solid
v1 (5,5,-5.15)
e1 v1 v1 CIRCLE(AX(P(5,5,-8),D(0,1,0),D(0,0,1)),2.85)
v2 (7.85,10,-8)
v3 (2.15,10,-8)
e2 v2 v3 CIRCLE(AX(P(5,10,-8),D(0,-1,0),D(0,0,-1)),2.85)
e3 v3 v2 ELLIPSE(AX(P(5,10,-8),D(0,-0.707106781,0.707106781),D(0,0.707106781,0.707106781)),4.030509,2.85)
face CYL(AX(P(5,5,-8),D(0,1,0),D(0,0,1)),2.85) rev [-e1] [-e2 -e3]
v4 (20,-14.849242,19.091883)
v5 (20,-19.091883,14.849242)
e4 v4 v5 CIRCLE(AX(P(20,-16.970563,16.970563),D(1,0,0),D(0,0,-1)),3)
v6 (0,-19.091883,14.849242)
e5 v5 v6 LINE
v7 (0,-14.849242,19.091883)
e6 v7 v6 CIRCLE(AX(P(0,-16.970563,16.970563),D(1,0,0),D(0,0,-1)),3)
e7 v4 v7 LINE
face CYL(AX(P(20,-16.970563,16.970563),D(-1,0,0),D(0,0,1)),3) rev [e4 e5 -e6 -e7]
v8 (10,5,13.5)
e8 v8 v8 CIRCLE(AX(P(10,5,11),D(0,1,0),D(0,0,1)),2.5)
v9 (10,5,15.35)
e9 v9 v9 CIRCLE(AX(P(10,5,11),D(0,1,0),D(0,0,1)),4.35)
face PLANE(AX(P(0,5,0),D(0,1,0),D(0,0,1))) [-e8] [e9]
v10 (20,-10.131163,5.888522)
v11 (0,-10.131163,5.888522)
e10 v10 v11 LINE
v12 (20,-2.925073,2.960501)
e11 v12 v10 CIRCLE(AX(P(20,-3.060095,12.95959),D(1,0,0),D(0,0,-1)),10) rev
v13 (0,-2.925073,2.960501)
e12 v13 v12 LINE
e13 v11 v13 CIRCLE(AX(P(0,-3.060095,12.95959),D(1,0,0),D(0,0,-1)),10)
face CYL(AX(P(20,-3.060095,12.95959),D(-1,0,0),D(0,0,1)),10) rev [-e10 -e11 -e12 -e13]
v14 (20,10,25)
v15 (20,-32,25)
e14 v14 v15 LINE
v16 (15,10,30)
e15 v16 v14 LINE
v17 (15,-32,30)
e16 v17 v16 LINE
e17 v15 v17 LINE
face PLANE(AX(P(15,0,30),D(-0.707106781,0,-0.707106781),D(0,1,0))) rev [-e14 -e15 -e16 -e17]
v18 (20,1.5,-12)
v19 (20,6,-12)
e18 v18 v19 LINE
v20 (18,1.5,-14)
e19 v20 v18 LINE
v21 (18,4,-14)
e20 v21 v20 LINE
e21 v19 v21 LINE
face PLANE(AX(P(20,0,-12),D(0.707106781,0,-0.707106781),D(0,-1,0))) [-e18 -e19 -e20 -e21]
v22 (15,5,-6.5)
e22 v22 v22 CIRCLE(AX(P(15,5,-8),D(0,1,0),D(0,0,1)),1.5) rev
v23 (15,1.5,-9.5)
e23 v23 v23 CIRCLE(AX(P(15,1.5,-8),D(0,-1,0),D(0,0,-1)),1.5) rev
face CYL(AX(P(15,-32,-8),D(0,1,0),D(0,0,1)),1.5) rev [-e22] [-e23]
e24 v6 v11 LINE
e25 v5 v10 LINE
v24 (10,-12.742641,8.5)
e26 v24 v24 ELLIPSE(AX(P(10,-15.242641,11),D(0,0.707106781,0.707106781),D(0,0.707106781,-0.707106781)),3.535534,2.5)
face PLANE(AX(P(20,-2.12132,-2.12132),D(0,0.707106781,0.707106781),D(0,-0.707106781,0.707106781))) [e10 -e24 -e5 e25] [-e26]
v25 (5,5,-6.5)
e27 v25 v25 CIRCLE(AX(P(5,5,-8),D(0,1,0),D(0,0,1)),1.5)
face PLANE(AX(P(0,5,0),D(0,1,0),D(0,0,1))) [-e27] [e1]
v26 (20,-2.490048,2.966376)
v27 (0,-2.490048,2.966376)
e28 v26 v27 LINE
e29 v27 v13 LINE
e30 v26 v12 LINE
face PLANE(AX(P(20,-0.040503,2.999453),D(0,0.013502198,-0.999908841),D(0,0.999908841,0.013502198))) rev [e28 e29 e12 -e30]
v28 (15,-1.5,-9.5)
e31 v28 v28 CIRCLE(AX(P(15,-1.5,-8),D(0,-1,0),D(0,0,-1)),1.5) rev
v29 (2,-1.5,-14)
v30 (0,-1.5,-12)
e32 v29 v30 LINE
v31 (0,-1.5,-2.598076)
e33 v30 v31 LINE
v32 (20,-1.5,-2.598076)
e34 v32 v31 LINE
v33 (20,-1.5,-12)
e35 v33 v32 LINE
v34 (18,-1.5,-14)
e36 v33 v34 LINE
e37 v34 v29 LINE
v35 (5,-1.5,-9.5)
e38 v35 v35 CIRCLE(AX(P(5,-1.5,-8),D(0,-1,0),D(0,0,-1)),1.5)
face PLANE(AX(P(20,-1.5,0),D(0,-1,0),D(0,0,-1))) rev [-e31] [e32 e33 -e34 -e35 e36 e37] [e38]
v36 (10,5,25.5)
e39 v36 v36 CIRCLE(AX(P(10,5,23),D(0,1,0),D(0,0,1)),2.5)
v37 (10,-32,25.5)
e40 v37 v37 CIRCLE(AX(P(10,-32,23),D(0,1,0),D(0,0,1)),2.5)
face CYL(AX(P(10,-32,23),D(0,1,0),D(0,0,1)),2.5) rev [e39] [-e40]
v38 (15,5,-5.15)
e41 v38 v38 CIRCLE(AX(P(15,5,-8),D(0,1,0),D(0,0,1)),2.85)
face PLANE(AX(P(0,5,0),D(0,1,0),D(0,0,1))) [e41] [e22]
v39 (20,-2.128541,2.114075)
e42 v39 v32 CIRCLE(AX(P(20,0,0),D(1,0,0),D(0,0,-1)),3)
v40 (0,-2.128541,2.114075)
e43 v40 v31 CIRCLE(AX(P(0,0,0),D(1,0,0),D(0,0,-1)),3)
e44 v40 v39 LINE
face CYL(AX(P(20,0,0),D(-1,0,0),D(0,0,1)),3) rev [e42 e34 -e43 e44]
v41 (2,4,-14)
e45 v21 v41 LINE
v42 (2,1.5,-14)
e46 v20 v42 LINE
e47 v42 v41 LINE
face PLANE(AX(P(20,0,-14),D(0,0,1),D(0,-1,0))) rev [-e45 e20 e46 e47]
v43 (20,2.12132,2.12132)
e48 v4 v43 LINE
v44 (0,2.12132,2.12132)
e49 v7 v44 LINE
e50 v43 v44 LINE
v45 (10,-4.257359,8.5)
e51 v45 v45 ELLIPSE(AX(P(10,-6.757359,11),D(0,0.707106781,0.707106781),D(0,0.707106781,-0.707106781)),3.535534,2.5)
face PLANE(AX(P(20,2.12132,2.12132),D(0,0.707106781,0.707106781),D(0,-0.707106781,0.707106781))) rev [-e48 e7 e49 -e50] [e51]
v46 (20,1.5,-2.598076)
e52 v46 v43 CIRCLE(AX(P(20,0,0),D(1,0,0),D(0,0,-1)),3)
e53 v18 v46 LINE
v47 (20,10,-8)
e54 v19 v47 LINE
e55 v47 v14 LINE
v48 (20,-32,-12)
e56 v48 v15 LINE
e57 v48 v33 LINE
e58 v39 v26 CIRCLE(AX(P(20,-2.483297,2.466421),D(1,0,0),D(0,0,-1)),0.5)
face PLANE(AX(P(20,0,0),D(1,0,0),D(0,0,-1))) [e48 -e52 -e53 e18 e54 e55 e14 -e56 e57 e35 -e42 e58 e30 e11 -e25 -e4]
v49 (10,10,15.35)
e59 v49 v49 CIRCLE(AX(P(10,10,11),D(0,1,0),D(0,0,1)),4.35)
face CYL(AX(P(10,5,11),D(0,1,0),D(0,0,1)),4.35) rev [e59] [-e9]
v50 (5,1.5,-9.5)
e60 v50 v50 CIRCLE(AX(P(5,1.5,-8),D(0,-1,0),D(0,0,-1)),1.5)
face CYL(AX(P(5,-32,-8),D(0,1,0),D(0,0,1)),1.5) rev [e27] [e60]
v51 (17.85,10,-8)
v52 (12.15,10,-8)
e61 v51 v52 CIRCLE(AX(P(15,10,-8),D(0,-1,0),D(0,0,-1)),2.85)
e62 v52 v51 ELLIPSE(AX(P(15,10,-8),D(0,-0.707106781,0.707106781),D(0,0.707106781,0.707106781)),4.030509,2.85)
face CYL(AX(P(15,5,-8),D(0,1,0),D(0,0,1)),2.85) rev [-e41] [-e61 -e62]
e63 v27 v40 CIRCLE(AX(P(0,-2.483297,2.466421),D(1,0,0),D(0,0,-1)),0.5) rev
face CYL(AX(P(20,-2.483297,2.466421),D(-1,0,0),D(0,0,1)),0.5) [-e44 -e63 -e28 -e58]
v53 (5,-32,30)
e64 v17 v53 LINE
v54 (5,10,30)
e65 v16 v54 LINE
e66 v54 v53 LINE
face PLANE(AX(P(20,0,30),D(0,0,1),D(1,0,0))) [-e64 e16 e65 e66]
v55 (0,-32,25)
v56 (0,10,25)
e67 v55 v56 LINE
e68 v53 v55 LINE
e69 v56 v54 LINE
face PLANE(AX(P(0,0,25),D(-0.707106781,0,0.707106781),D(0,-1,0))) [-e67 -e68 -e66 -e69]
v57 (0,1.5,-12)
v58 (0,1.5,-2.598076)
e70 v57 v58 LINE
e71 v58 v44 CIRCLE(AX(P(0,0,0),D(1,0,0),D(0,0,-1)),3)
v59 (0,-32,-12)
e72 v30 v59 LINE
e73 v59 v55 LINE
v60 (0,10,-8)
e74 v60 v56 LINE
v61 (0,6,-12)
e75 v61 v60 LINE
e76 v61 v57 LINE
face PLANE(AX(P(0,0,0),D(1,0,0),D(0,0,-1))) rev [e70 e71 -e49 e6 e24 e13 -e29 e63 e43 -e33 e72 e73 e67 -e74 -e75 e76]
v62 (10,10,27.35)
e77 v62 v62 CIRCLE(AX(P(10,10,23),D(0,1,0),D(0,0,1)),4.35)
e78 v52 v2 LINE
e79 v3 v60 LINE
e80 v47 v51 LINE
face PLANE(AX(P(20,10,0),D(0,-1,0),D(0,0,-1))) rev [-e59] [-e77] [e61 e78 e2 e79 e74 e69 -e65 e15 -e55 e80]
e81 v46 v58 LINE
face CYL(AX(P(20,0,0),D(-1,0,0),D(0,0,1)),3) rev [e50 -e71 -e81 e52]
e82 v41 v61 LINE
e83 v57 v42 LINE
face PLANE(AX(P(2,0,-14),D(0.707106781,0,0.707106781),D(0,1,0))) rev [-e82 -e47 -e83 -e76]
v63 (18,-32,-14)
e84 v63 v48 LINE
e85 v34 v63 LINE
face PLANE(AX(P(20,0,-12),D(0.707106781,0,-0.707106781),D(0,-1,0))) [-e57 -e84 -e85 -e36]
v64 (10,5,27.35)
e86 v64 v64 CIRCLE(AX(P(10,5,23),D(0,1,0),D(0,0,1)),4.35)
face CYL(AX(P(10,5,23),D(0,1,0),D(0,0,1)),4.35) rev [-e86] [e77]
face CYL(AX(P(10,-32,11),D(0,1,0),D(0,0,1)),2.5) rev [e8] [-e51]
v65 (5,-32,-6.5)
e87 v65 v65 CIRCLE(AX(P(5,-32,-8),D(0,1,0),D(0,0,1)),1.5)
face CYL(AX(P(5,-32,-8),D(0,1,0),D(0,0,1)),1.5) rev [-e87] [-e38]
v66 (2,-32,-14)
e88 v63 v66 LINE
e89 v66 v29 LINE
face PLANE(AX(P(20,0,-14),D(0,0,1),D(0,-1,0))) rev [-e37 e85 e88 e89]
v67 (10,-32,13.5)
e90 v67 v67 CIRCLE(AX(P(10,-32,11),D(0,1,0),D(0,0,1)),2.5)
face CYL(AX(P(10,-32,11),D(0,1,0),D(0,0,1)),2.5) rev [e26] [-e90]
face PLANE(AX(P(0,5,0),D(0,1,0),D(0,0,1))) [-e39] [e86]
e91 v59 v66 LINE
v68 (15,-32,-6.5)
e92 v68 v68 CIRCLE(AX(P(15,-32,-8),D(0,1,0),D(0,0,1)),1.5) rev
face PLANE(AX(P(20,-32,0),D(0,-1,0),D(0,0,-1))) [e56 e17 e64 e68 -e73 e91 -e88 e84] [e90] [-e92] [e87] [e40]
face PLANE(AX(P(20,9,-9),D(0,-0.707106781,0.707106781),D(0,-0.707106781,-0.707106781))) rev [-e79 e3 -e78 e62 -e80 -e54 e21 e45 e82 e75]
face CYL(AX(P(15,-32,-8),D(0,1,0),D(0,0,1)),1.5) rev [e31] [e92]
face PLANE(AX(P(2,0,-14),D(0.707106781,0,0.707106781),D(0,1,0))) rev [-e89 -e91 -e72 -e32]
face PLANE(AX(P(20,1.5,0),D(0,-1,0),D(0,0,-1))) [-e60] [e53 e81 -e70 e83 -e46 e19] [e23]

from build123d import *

# Parameters (mm, degrees)
EXTRUDE_1_DEPTH     = 20
FILLET_1_R          = 10
FILLET_2_R          = 0.5
SKETCH_2_R          = 4.35
SKETCH_2_R_2        = 2.5
CUT_EXTRUDE_1_DEPTH = 5
SKETCH_2_3_R        = 2.85
SKETCH_2_3_R_2      = 1.5
CUT_EXTRUDE_2_DEPTH = 5
SKETCH_2_4_R        = 2.5
SKETCH_2_4_R_2      = 1.5
CUT_EXTRUDE_3_DEPTH = 56.353410012
CHAMFER_1_SIZE      = 5
CHAMFER_2_SIZE      = 2


with BuildPart() as part:
    # 스케치1 → 보스-돌출1 (new body)
    with BuildSketch(Plane(origin=(0, 0, 0), x_dir=(0, 0, -1), z_dir=(1, 0, 0))):
        with BuildLine():
            ThreePointArc((-14.849242405, -19.091883092), (-19.091883092, -19.091883092), (-19.091883092, -14.849242405))
            Line((-19.091883092, -14.849242405), (-2.121320344, 2.121320344))
            ThreePointArc((-2.121320344, 2.121320344), (0.391578577, 2.974334584), (2.598076211, 1.5))
            Line((2.598076211, 1.5), (14, 1.5))
            Line((14, 1.5), (14, 4))
            Line((14, 4), (8, 10))
            Line((8, 10), (-30, 10))
            Line((-30, 10), (-30, -32))
            Line((-30, -32), (14, -32))
            Line((14, -32), (14, -1.5))
            Line((14, -1.5), (2.598076211, -1.5))
            ThreePointArc((2.598076211, -1.5), (-0.737259989, -2.907997199), (-2.998906144, -0.081005802))
            Line((-2.998906144, -0.081005802), (-2.903502563, -7.14614325))
            Line((-2.903502563, -7.14614325), (-14.849242405, -19.091883092))
        make_face()
    extrude(amount=EXTRUDE_1_DEPTH)

    # 필렛1
    fillet_1_edges = [part.edges().sort_by_distance(p)[0] for p in [
        (10, -7.14614325, 2.903502563),
    ]]
    fillet(fillet_1_edges, radius=FILLET_1_R)

    # 필렛2
    fillet_2_edges = [part.edges().sort_by_distance(p)[0] for p in [
        (10, -0.081005802, 2.998906144),
    ]]
    fillet(fillet_2_edges, radius=FILLET_2_R)

    # 스케치2 → 컷-돌출1 (cut)
    # profile 1 of 2: a face of its own
    with BuildSketch(Plane(origin=(0, 10, 0), x_dir=(1, 0, 0), z_dir=(0, 1, 0))):
        with Locations((10, -11)):
            Circle(SKETCH_2_R)
        with Locations((10, -11)):
            Circle(SKETCH_2_R_2, mode=Mode.SUBTRACT)
    # profile 2 of 2: a face of its own
    with BuildSketch(Plane(origin=(0, 10, 0), x_dir=(1, 0, 0), z_dir=(0, 1, 0))):
        with Locations((10, -23)):
            Circle(SKETCH_2_R)
        with Locations((10, -23)):
            Circle(SKETCH_2_R_2, mode=Mode.SUBTRACT)
    extrude(amount=-CUT_EXTRUDE_1_DEPTH, mode=Mode.SUBTRACT)

    # 스케치2<3> → 컷-돌출2 (cut)
    # profile 1 of 2: a face of its own
    with BuildSketch(Plane(origin=(0, 10, 0), x_dir=(1, 0, 0), z_dir=(0, 1, 0))):
        with Locations((5, 8)):
            Circle(SKETCH_2_3_R)
        with Locations((5, 8)):
            Circle(SKETCH_2_3_R_2, mode=Mode.SUBTRACT)
    # profile 2 of 2: a face of its own
    with BuildSketch(Plane(origin=(0, 10, 0), x_dir=(1, 0, 0), z_dir=(0, 1, 0))):
        with Locations((15, 8)):
            Circle(SKETCH_2_3_R)
        with Locations((15, 8)):
            Circle(SKETCH_2_3_R_2, mode=Mode.SUBTRACT)
    extrude(amount=-CUT_EXTRUDE_2_DEPTH, mode=Mode.SUBTRACT)

    # 스케치2<4> → 컷-돌출3 (cut, through all)
    with BuildSketch(Plane(origin=(0, 10, 0), x_dir=(1, 0, 0), z_dir=(0, 1, 0))):
        with Locations((10, -11)):
            Circle(SKETCH_2_4_R)
        with Locations((15, 8)):
            Circle(SKETCH_2_4_R_2)
        with Locations((5, 8)):
            Circle(SKETCH_2_4_R_2)
        with Locations((10, -23)):
            Circle(SKETCH_2_4_R)
    extrude(amount=-CUT_EXTRUDE_3_DEPTH, mode=Mode.SUBTRACT)

    # 모따기1
    chamfer_1_edges = [part.edges().sort_by_distance(p)[0] for p in [
        (20, -11, 30),
        (0, -11, 30),
    ]]
    chamfer(chamfer_1_edges, length=CHAMFER_1_SIZE)

    # 모따기2
    chamfer_2_edges = [part.edges().sort_by_distance(p)[0] for p in [
        (0, -16.75, -14),
        (0, 2.75, -14),
        (20, 2.75, -14),
        (20, -16.75, -14),
    ]]
    chamfer(chamfer_2_edges, length=CHAMFER_2_SIZE)


solid = part.part
